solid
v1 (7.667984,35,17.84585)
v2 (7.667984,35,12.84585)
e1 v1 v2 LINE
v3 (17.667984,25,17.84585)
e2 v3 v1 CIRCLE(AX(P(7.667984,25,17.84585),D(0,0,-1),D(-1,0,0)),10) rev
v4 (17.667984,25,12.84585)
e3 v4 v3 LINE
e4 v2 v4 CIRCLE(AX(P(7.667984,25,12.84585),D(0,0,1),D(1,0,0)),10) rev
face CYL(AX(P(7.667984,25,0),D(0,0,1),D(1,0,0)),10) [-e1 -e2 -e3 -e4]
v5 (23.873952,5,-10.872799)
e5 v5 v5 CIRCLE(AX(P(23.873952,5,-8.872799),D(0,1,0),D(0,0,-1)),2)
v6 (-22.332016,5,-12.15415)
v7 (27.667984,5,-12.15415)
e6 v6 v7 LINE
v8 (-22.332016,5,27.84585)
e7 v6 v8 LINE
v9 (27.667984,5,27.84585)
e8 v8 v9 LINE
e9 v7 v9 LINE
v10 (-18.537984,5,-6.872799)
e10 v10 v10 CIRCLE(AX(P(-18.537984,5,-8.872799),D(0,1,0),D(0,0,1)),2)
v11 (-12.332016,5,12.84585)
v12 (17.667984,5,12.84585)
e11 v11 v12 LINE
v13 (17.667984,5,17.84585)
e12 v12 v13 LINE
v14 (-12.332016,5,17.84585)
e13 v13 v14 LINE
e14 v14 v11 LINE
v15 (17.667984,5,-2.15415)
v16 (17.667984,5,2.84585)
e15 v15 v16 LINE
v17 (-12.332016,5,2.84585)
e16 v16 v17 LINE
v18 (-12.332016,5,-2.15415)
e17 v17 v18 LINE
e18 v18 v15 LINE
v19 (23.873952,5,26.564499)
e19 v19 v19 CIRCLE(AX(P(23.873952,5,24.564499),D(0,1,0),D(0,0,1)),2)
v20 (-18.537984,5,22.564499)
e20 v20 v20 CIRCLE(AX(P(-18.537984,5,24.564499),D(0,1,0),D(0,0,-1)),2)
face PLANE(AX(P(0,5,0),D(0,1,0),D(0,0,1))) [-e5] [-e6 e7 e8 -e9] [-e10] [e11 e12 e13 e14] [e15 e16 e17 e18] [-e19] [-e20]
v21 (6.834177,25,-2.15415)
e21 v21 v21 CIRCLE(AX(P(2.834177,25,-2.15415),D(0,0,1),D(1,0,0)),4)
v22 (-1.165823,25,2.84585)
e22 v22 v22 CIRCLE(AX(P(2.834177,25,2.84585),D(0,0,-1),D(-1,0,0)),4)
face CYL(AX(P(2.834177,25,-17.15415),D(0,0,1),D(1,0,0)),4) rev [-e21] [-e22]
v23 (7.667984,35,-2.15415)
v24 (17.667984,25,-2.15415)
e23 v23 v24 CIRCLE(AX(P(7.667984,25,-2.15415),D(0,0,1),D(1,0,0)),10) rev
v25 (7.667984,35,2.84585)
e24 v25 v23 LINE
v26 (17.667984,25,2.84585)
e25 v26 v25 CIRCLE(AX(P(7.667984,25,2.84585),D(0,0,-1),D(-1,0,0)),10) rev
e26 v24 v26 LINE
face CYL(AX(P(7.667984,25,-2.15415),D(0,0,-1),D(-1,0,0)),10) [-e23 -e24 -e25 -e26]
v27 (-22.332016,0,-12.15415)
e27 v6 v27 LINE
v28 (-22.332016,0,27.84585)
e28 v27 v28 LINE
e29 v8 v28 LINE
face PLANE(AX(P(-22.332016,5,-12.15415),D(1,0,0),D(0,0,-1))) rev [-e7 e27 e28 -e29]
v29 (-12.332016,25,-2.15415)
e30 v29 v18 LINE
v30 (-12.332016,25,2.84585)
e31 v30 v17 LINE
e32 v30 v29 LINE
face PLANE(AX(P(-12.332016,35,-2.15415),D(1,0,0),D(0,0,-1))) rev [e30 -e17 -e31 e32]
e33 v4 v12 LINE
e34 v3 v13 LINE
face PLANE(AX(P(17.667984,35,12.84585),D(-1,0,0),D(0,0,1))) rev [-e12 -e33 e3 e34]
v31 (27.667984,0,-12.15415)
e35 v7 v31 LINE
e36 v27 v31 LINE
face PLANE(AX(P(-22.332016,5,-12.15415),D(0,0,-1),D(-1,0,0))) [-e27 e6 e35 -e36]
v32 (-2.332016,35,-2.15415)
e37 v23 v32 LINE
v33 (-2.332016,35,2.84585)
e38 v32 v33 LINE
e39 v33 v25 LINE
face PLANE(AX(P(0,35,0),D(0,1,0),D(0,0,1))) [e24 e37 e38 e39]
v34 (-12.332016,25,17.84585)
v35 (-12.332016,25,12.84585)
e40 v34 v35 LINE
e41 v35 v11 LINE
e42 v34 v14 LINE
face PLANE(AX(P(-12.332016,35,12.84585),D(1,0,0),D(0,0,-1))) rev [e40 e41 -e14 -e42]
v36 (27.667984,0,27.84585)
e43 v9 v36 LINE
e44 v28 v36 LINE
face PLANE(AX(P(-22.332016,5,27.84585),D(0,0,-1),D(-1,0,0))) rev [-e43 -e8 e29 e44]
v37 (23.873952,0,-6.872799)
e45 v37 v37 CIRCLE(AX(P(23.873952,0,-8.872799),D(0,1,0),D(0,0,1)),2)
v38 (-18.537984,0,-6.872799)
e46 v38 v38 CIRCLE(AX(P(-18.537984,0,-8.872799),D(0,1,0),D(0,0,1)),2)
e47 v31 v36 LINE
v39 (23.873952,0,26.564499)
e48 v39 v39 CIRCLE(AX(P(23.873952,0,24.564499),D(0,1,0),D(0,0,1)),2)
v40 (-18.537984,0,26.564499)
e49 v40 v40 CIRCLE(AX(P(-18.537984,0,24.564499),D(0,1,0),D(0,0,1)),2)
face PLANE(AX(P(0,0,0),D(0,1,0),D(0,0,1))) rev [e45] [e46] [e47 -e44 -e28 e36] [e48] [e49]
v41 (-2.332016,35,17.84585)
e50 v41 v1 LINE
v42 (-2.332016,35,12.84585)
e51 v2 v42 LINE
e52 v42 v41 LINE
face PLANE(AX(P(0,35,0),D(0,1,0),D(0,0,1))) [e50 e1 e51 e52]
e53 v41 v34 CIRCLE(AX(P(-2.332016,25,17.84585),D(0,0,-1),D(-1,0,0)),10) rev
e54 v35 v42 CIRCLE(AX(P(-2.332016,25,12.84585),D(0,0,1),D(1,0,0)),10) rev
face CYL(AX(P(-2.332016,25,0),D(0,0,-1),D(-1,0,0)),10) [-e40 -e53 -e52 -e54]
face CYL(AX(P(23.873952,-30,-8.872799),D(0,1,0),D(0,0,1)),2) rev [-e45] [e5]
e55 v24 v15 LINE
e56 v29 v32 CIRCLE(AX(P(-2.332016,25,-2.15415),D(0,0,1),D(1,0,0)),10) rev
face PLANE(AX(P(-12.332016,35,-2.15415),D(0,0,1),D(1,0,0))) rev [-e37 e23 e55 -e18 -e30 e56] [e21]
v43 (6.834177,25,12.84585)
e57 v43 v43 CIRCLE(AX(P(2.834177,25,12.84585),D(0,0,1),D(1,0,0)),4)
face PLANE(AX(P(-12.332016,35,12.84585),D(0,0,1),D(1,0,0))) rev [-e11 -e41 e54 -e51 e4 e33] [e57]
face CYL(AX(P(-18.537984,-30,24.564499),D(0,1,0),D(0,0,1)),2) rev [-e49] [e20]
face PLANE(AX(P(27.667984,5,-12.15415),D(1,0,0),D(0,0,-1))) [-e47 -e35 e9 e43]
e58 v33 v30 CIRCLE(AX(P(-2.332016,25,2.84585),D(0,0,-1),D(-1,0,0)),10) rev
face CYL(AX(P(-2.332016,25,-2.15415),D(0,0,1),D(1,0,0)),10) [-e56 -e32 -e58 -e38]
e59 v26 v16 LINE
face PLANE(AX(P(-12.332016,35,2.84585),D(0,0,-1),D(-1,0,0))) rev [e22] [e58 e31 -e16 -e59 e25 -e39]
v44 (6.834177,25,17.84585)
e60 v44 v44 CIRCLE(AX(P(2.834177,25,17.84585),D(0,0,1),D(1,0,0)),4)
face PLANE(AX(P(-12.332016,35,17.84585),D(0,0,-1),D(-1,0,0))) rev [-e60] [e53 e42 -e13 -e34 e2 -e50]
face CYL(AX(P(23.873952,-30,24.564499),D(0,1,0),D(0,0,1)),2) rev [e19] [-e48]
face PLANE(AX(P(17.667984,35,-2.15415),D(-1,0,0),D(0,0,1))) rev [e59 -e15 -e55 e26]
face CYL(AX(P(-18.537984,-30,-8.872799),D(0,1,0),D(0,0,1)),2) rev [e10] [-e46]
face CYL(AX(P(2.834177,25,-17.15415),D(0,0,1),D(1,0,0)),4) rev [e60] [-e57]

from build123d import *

# Parameters (mm, degrees)
SKETCH1_W           = 50
SKETCH1_H           = 40
BOSS_EXTRUDE1_DEPTH = 5
SKETCH2_W           = 30
SKETCH2_H           = 5
BOSS_EXTRUDE2_DEPTH = 35
FILLET1_R           = 10
FILLET2_R           = 10
FILLET3_R           = 10
FILLET4_R           = 10
SKETCH3_R           = 4
CUT_EXTRUDE1_DEPTH  = 35
SKETCH5_R           = 2
CUT_EXTRUDE3_DEPTH  = 35
SKETCH5_4_R         = 2
CUT_EXTRUDE4_DEPTH  = 35


with BuildPart() as part:
    # Sketch1 → Boss-Extrude1 (new body)
    with BuildSketch(Plane(origin=(0, 0, 0), x_dir=(1, 0, 0), z_dir=(0, 1, 0))):
        with Locations((2.66798419, -7.845849802)):
            Rectangle(SKETCH1_W, SKETCH1_H)
    extrude(amount=BOSS_EXTRUDE1_DEPTH)

    # Sketch2 → Boss-Extrude2 (add)
    with BuildSketch(Plane(origin=(0, 0, 0), x_dir=(1, 0, 0), z_dir=(0, 1, 0))):
        with Locations((2.66798419, -15.345849802)):
            Rectangle(SKETCH2_W, SKETCH2_H)
        with Locations((2.66798419, -0.345849802)):
            Rectangle(SKETCH2_W, SKETCH2_H)
    extrude(amount=BOSS_EXTRUDE2_DEPTH)

    # Fillet1
    fillet1_edges = [part.edges().sort_by_distance(p)[0] for p in [
        (17.66798419, 35, 15.345849802),
    ]]
    fillet(fillet1_edges, radius=FILLET1_R)

    # Fillet2
    fillet2_edges = [part.edges().sort_by_distance(p)[0] for p in [
        (-12.33201581, 35, 15.345849802),
    ]]
    fillet(fillet2_edges, radius=FILLET2_R)

    # Fillet3
    fillet3_edges = [part.edges().sort_by_distance(p)[0] for p in [
        (-12.33201581, 35, 0.345849802),
    ]]
    fillet(fillet3_edges, radius=FILLET3_R)

    # Fillet4
    fillet4_edges = [part.edges().sort_by_distance(p)[0] for p in [
        (17.66798419, 35, 0.345849802),
    ]]
    fillet(fillet4_edges, radius=FILLET4_R)

    # Sketch3 → Cut-Extrude1 (cut)
    with BuildSketch(Plane.XY.offset(17.845849802)):
        with Locations((2.834176639, 25)):
            Circle(SKETCH3_R)
    extrude(amount=-CUT_EXTRUDE1_DEPTH, mode=Mode.SUBTRACT)

    # Sketch5 → Cut-Extrude3 (cut)
    with BuildSketch(Plane(origin=(0, 5, 0), x_dir=(1, 0, 0), z_dir=(0, 1, 0))):
        with Locations(Location((-18.537983824, 8.872799407, 0), (0, 0, 270))):
            Circle(SKETCH5_R)
    extrude(amount=-CUT_EXTRUDE3_DEPTH, mode=Mode.SUBTRACT)

    # Sketch5<4> → Cut-Extrude4 (cut)
    with BuildSketch(Plane(origin=(0, 5, 0), x_dir=(1, 0, 0), z_dir=(0, 1, 0))):
        with Locations(Location((23.873952204, -24.564499012, 0), (0, 0, 270))):
            Circle(SKETCH5_4_R)
        with Locations(Location((-18.537983824, -24.564499012, 0), (0, 0, 270))):
            Circle(SKETCH5_4_R)
        with Locations(Location((23.873952204, 8.872799407, 0), (0, 0, 270))):
            Circle(SKETCH5_4_R)
        with Locations(Location((-18.537983824, 8.872799407, 0), (0, 0, 270))):
            Circle(SKETCH5_4_R)
    extrude(amount=-CUT_EXTRUDE4_DEPTH, mode=Mode.SUBTRACT)


solid = part.part
